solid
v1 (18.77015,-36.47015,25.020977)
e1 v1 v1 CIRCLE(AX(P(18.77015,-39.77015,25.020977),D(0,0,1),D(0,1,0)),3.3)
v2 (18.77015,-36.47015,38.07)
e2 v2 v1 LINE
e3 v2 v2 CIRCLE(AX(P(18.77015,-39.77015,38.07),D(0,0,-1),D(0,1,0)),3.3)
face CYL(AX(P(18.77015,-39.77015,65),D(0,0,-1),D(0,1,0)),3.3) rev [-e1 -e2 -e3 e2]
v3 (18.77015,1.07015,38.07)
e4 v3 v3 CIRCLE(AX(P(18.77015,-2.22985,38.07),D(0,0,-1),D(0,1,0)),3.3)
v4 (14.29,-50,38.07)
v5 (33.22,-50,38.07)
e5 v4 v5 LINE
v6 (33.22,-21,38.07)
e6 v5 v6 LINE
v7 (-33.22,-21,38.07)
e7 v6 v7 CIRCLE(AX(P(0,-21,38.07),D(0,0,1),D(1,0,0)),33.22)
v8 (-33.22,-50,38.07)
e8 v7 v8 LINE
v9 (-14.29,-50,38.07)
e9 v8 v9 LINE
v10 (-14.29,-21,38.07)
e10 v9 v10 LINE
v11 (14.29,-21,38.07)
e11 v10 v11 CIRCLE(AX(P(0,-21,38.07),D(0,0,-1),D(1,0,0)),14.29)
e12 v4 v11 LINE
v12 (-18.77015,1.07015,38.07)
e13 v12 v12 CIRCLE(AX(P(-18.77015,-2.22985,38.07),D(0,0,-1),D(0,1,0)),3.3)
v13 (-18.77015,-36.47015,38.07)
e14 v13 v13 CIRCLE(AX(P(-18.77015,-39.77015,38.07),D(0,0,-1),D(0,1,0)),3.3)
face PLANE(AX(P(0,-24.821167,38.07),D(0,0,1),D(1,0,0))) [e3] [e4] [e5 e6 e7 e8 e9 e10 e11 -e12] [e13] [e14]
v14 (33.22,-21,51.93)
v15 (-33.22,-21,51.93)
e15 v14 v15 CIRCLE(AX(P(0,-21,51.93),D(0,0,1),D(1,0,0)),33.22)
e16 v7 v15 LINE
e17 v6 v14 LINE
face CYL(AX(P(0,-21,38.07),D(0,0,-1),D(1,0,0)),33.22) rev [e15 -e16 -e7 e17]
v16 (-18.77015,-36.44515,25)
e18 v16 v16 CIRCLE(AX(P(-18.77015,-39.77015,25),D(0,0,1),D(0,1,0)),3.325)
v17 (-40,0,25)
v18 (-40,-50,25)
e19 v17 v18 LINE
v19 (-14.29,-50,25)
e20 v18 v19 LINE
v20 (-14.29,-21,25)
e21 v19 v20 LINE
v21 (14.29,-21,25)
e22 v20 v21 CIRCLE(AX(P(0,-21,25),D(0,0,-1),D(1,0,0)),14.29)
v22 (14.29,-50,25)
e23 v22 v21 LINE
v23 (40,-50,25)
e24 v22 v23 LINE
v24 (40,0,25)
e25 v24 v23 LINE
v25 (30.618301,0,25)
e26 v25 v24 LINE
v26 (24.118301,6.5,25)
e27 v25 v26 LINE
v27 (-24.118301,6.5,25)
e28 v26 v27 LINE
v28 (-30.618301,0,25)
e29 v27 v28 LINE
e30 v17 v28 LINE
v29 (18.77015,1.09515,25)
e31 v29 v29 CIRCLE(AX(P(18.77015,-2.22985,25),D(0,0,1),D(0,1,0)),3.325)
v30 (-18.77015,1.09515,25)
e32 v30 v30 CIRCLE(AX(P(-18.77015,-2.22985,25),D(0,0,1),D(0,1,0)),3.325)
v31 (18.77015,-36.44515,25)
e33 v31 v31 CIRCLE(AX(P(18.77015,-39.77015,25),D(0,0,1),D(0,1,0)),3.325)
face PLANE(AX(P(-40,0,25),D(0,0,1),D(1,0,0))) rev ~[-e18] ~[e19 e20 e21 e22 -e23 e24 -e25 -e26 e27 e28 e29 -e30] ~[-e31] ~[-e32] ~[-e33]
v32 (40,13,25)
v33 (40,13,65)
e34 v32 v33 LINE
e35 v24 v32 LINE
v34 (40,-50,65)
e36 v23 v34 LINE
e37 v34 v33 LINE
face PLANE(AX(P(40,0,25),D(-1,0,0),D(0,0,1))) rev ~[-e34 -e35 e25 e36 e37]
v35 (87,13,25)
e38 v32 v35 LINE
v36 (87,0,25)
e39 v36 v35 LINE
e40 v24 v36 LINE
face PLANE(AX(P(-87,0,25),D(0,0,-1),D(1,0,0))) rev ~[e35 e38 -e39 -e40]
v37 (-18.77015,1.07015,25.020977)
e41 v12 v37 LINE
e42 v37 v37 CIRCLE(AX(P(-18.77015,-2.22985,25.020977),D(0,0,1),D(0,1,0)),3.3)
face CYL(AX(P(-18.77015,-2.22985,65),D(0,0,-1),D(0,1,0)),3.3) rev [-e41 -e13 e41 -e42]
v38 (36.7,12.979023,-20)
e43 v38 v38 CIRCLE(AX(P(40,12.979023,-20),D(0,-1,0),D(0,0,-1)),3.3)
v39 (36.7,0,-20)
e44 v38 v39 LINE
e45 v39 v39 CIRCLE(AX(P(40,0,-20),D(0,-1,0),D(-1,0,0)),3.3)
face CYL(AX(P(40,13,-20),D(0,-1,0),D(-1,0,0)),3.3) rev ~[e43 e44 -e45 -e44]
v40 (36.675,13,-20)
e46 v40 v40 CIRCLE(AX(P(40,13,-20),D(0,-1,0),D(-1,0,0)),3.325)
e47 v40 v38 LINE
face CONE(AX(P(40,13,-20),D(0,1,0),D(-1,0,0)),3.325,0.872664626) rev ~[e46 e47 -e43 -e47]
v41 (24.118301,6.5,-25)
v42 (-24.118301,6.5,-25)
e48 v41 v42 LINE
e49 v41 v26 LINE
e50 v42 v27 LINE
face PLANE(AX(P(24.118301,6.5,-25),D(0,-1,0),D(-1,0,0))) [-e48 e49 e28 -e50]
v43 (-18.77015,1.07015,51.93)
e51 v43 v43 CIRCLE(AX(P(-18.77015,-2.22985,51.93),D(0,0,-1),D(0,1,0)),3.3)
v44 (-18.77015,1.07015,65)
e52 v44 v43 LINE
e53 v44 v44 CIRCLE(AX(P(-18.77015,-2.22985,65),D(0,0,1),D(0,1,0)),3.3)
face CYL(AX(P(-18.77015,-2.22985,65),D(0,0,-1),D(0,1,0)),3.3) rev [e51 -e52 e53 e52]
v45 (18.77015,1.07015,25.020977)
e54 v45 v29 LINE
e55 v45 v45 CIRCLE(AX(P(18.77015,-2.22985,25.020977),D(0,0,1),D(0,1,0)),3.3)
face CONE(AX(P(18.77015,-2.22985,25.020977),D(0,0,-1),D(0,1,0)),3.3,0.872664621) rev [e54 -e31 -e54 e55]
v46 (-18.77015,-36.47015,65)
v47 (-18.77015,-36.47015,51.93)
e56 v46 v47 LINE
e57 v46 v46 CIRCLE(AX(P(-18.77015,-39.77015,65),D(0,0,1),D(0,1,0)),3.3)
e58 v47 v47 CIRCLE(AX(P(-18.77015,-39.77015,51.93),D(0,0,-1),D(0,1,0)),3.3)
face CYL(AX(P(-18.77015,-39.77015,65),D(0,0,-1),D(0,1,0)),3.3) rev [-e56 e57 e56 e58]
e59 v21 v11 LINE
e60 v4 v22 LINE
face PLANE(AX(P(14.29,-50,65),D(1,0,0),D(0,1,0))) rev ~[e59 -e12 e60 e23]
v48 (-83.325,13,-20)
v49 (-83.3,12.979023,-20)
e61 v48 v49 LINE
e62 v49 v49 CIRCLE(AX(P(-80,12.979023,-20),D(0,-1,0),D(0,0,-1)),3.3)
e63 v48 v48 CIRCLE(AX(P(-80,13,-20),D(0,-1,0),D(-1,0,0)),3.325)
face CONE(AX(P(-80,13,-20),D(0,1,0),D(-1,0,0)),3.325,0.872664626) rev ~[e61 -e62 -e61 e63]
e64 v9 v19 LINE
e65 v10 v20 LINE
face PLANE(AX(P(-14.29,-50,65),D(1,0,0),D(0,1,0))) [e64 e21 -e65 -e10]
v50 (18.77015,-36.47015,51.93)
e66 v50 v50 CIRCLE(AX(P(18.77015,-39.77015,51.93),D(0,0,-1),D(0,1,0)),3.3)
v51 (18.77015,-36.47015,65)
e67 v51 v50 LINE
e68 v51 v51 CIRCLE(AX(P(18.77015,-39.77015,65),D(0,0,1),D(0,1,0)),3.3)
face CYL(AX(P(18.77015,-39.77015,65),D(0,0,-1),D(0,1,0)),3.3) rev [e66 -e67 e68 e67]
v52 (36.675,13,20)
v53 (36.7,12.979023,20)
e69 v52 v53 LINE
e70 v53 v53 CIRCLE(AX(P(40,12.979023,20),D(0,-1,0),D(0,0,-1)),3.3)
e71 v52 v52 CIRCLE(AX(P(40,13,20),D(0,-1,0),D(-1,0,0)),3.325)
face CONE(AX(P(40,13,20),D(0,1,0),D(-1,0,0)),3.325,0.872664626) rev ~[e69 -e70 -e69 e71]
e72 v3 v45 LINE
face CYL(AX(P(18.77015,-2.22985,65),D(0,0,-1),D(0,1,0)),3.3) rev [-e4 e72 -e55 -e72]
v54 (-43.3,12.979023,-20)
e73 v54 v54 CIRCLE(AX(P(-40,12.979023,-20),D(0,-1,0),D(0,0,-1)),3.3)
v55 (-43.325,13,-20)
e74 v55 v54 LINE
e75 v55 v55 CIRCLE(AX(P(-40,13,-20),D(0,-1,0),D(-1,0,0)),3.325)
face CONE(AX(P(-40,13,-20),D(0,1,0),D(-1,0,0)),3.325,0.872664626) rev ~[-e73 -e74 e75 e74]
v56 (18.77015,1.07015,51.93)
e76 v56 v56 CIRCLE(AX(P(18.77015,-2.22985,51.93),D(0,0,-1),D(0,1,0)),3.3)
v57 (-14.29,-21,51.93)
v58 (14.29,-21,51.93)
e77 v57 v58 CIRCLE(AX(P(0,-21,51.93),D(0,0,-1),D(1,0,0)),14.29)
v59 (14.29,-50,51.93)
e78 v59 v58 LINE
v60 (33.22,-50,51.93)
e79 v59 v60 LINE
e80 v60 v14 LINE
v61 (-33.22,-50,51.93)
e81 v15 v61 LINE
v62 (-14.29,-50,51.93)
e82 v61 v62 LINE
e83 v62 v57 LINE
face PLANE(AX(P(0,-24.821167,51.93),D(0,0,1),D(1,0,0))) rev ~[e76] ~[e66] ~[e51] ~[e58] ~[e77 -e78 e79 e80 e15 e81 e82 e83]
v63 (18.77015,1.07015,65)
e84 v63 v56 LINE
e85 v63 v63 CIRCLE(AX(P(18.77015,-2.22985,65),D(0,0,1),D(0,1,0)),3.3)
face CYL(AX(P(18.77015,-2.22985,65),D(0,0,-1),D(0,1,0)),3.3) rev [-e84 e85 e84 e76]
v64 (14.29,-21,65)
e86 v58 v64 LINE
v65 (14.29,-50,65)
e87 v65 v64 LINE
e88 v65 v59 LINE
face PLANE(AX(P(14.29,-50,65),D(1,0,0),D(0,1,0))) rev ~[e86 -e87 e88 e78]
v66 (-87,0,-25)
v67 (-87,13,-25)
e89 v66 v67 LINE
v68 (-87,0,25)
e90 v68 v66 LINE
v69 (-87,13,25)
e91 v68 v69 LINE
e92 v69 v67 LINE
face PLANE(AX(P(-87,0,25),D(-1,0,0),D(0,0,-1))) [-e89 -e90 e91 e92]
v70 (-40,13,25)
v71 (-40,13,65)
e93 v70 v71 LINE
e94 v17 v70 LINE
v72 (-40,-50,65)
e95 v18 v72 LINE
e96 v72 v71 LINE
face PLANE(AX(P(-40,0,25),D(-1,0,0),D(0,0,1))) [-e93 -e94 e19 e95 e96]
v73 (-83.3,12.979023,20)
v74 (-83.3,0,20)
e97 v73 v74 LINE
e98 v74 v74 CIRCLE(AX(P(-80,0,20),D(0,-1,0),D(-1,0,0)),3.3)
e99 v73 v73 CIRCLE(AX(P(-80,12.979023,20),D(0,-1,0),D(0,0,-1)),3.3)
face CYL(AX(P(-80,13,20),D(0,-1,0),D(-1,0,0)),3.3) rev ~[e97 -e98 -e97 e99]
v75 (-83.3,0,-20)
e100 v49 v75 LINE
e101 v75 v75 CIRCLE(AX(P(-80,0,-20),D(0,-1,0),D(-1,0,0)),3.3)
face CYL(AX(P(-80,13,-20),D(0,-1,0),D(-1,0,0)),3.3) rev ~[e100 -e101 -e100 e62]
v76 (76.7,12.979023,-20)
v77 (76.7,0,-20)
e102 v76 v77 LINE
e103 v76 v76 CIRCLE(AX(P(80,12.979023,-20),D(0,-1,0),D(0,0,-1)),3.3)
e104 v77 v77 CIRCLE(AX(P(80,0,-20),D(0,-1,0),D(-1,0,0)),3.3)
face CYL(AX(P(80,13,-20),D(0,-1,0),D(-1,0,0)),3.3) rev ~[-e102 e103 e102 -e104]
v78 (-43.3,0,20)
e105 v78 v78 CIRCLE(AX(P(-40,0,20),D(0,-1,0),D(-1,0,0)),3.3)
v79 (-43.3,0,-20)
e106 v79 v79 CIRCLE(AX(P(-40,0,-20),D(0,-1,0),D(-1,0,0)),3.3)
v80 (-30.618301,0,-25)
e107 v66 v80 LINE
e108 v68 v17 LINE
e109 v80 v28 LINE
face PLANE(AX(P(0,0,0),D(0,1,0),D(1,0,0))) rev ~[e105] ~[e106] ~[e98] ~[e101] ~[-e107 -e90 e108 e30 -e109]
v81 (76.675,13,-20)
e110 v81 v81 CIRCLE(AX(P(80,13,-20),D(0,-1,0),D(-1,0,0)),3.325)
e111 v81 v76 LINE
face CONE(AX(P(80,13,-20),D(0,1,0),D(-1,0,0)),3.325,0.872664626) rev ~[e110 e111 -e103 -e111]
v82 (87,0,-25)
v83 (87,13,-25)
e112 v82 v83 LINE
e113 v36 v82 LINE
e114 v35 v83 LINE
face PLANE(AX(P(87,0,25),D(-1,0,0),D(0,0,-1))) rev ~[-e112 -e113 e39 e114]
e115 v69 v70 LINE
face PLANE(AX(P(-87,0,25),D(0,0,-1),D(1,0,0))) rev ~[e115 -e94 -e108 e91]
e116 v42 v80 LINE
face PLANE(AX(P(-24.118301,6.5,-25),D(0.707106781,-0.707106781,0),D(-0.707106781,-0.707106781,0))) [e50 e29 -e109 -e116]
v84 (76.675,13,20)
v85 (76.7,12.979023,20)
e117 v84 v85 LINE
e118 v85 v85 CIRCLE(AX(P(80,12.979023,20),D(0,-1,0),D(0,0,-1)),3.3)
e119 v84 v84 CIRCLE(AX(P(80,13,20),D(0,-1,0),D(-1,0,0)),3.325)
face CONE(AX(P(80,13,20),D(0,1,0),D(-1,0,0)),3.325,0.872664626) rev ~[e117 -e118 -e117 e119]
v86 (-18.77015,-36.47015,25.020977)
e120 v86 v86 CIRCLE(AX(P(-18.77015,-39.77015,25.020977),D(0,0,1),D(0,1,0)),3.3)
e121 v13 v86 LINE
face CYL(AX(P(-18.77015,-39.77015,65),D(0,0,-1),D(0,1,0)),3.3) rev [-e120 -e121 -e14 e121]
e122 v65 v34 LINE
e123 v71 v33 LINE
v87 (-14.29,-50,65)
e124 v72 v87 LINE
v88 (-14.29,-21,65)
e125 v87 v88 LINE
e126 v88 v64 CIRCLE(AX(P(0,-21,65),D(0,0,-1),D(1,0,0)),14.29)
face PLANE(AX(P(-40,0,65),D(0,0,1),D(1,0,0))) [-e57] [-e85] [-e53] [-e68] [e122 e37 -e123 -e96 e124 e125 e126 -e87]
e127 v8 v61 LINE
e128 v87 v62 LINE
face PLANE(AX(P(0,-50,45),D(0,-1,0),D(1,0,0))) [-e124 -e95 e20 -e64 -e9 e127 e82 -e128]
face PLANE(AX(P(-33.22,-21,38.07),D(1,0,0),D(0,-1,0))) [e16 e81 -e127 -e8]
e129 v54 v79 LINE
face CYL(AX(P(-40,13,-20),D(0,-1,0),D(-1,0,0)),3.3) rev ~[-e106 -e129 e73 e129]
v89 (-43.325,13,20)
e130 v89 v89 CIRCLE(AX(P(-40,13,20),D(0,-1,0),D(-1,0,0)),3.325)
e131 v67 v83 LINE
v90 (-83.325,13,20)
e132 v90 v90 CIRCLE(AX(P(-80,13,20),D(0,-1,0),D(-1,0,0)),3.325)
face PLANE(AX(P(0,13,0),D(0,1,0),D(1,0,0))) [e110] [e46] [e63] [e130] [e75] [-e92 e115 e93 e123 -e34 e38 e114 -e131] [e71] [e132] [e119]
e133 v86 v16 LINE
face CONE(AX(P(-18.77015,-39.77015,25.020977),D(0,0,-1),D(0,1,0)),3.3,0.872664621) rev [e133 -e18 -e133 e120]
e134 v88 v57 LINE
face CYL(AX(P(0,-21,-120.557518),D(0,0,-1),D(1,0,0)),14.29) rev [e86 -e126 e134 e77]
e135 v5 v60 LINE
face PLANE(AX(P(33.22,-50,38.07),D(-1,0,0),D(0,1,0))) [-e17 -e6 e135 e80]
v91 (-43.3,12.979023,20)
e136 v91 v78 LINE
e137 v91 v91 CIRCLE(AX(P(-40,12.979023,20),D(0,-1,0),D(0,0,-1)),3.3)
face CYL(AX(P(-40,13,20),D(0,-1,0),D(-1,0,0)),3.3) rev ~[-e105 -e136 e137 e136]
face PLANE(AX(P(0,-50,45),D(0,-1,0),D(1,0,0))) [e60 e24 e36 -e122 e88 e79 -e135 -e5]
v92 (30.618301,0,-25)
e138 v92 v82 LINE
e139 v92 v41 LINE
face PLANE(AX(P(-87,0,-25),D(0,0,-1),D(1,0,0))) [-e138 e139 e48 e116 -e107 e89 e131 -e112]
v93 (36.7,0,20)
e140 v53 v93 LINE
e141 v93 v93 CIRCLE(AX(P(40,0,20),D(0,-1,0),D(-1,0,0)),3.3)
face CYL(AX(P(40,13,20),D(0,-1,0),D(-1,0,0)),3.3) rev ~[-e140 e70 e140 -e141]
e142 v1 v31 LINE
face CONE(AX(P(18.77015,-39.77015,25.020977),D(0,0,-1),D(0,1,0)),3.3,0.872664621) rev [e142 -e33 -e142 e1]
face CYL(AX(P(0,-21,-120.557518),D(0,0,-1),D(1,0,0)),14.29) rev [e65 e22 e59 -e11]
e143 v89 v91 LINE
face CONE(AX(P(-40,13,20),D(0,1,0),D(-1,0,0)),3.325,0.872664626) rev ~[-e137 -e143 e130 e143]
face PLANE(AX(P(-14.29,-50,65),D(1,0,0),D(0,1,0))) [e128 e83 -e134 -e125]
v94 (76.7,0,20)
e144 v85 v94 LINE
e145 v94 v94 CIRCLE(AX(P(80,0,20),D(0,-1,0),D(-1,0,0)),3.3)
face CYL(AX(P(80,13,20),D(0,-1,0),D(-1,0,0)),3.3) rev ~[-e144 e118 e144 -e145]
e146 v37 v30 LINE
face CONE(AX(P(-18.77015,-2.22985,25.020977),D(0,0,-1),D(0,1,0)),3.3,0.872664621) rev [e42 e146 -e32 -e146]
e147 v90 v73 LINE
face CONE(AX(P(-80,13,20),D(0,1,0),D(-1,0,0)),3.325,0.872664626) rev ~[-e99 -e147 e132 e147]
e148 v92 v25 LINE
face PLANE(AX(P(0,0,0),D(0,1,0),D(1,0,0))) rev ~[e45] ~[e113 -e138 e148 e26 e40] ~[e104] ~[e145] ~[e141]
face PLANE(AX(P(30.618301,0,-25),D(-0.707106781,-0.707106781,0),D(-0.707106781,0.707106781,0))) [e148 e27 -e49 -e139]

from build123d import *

# Parameters (mm, degrees)
SKETCH1_W                      = 174
SKETCH1_H                      = 50
BOSS_EXTRUDE1_DEPTH            = 13
M6_CLEARANCE_HOLE1_D           = 6.6
M6_CLEARANCE_HOLE1_CSINK_D     = 6.65
M6_CLEARANCE_HOLE1_CSINK_ANGLE = 100
SKETCH6_W                      = 80
SKETCH6_H                      = 13
BOSS_EXTRUDE2_DEPTH            = 40
SKETCH7_W                      = 80
SKETCH7_H                      = 40
BOSS_EXTRUDE3_DEPTH            = 50
CUT_EXTRUDE2_DEPTH             = 120.557517539
CUT_EXTRUDE2_DEPTH_BACK        = 120.557517539
SKETCH9_R                      = 14.29
M6_CLEARANCE_HOLE2_AT_2_COUNT  = 2
M6_CLEARANCE_HOLE2_AT_2_PITCH  = 37.540299013
M6_CLEARANCE_HOLE2_AT_3_COUNT  = 2
M6_CLEARANCE_HOLE2_AT_3_PITCH  = 37.540299013
M6_CLEARANCE_HOLE2_AT_4_COUNT  = 2
M6_CLEARANCE_HOLE2_AT_4_PITCH  = 53.09
CUT_EXTRUDE3_DEPTH             = 6.93
CUT_EXTRUDE3_DEPTH_BACK        = 6.93
SKETCH17_W                     = 28.58
SKETCH17_H                     = 29
CUT_EXTRUDE4_DEPTH             = 135.792433022
CUT_EXTRUDE5_DEPTH             = 50


with BuildPart() as part:
    # Sketch1 → Boss-Extrude1 (new body)
    with BuildSketch(Plane(origin=(0, 0, 0), x_dir=(1, 0, 0), z_dir=(0, 1, 0))):
        Rectangle(SKETCH1_W, SKETCH1_H)
    extrude(amount=BOSS_EXTRUDE1_DEPTH)

    # M6 Clearance Hole1 (through all)
    with Locations(Plane(origin=(0, 13, 0), x_dir=(1, 0, 0), z_dir=(0, 1, 0))):
        with Locations((-80, 20), (-40, 20), (-80, -20), (-40, -20), (40, 20), (80, 20), (40, -20), (80, -20)):
            CounterSinkHole(M6_CLEARANCE_HOLE1_D / 2, M6_CLEARANCE_HOLE1_CSINK_D / 2, counter_sink_angle=M6_CLEARANCE_HOLE1_CSINK_ANGLE)

    # Sketch6 → Boss-Extrude2 (add)
    with BuildSketch(Plane.XY.offset(25)):
        with Locations((0, 6.5)):
            Rectangle(SKETCH6_W, SKETCH6_H)
    extrude(amount=BOSS_EXTRUDE2_DEPTH)

    # Sketch7 → Boss-Extrude3 (add)
    with BuildSketch(Plane.XZ):
        with Locations((0, 45)):
            Rectangle(SKETCH7_W, SKETCH7_H)
    extrude(amount=BOSS_EXTRUDE3_DEPTH)

    # Sketch9 → Cut-Extrude2 (cut, two sides: drawn at the far end of the back side and taken through both)
    with BuildSketch(Plane.XY.offset(-CUT_EXTRUDE2_DEPTH_BACK)):
        with Locations((0, -21)):
            Circle(SKETCH9_R)
    extrude(amount=CUT_EXTRUDE2_DEPTH + CUT_EXTRUDE2_DEPTH_BACK, mode=Mode.SUBTRACT)

    # Sketch13 → M6 Clearance Hole2 (revolve, cut)
    with BuildSketch(Plane(origin=(-18.770149507, -2.229850493, 25), x_dir=(0, 1, 0), z_dir=(1, 0, 0))):
        Polygon((0, 0), (0, 40), (3.3, 40), (3.3, 0.020977491), (3.325, 0), align=None)
    m6_clearance_hole2 = revolve(axis=Axis((-18.770149507, -2.229850493, 18.65), (0, 0, 1)), mode=Mode.SUBTRACT)

    # M6 Clearance Hole2 at 2: M6 Clearance Hole2 ×2
    with Locations(*[(0, -i * M6_CLEARANCE_HOLE2_AT_2_PITCH, 0) for i in range(1, M6_CLEARANCE_HOLE2_AT_2_COUNT)]):
        add(m6_clearance_hole2, mode=Mode.SUBTRACT)

    # M6 Clearance Hole2 at 3: M6 Clearance Hole2 ×2
    with Locations(*[(i * M6_CLEARANCE_HOLE2_AT_3_PITCH, 0, 0) for i in range(1, M6_CLEARANCE_HOLE2_AT_3_COUNT)]):
        add(m6_clearance_hole2, mode=Mode.SUBTRACT)

    # M6 Clearance Hole2 at 4: M6 Clearance Hole2 ×2
    with Locations(*[Vector(0.7071067811865476, -0.7071067811865475, 0) * (i * M6_CLEARANCE_HOLE2_AT_4_PITCH) for i in range(1, M6_CLEARANCE_HOLE2_AT_4_COUNT)]):
        add(m6_clearance_hole2, mode=Mode.SUBTRACT)

    # Sketch16 → Cut-Extrude3 (cut, two sides: drawn at the far end of the back side and taken through both)
    with BuildSketch(Plane.XY.offset(45).offset(-CUT_EXTRUDE3_DEPTH_BACK)):
        with BuildLine():
            Line((-33.22, -21), (-33.22, -50))
            Line((-33.22, -50), (33.22, -50))
            Line((33.22, -50), (33.22, -21))
            ThreePointArc((33.22, -21), (0, 12.22), (-33.22, -21))
        make_face()
    extrude(amount=CUT_EXTRUDE3_DEPTH + CUT_EXTRUDE3_DEPTH_BACK, mode=Mode.SUBTRACT)

    # Sketch17 → Cut-Extrude4 (cut, through all)
    with BuildSketch(Plane.XY.offset(65)):
        with Locations((0, -35.5)):
            Rectangle(SKETCH17_W, SKETCH17_H)
    extrude(amount=-CUT_EXTRUDE4_DEPTH, mode=Mode.SUBTRACT)

    # Sketch19 → Cut-Extrude5 (cut)
    with BuildSketch(Plane(origin=(0, 0, -25), x_dir=(-1, 0, 0), z_dir=(0, 0, -1))):
        Polygon((-30.618301393, 0), (-24.118301393, 6.5), (24.118301393, 6.5), (30.618301393, 0), align=None)
    extrude(amount=-CUT_EXTRUDE5_DEPTH, mode=Mode.SUBTRACT)


solid = part.part
